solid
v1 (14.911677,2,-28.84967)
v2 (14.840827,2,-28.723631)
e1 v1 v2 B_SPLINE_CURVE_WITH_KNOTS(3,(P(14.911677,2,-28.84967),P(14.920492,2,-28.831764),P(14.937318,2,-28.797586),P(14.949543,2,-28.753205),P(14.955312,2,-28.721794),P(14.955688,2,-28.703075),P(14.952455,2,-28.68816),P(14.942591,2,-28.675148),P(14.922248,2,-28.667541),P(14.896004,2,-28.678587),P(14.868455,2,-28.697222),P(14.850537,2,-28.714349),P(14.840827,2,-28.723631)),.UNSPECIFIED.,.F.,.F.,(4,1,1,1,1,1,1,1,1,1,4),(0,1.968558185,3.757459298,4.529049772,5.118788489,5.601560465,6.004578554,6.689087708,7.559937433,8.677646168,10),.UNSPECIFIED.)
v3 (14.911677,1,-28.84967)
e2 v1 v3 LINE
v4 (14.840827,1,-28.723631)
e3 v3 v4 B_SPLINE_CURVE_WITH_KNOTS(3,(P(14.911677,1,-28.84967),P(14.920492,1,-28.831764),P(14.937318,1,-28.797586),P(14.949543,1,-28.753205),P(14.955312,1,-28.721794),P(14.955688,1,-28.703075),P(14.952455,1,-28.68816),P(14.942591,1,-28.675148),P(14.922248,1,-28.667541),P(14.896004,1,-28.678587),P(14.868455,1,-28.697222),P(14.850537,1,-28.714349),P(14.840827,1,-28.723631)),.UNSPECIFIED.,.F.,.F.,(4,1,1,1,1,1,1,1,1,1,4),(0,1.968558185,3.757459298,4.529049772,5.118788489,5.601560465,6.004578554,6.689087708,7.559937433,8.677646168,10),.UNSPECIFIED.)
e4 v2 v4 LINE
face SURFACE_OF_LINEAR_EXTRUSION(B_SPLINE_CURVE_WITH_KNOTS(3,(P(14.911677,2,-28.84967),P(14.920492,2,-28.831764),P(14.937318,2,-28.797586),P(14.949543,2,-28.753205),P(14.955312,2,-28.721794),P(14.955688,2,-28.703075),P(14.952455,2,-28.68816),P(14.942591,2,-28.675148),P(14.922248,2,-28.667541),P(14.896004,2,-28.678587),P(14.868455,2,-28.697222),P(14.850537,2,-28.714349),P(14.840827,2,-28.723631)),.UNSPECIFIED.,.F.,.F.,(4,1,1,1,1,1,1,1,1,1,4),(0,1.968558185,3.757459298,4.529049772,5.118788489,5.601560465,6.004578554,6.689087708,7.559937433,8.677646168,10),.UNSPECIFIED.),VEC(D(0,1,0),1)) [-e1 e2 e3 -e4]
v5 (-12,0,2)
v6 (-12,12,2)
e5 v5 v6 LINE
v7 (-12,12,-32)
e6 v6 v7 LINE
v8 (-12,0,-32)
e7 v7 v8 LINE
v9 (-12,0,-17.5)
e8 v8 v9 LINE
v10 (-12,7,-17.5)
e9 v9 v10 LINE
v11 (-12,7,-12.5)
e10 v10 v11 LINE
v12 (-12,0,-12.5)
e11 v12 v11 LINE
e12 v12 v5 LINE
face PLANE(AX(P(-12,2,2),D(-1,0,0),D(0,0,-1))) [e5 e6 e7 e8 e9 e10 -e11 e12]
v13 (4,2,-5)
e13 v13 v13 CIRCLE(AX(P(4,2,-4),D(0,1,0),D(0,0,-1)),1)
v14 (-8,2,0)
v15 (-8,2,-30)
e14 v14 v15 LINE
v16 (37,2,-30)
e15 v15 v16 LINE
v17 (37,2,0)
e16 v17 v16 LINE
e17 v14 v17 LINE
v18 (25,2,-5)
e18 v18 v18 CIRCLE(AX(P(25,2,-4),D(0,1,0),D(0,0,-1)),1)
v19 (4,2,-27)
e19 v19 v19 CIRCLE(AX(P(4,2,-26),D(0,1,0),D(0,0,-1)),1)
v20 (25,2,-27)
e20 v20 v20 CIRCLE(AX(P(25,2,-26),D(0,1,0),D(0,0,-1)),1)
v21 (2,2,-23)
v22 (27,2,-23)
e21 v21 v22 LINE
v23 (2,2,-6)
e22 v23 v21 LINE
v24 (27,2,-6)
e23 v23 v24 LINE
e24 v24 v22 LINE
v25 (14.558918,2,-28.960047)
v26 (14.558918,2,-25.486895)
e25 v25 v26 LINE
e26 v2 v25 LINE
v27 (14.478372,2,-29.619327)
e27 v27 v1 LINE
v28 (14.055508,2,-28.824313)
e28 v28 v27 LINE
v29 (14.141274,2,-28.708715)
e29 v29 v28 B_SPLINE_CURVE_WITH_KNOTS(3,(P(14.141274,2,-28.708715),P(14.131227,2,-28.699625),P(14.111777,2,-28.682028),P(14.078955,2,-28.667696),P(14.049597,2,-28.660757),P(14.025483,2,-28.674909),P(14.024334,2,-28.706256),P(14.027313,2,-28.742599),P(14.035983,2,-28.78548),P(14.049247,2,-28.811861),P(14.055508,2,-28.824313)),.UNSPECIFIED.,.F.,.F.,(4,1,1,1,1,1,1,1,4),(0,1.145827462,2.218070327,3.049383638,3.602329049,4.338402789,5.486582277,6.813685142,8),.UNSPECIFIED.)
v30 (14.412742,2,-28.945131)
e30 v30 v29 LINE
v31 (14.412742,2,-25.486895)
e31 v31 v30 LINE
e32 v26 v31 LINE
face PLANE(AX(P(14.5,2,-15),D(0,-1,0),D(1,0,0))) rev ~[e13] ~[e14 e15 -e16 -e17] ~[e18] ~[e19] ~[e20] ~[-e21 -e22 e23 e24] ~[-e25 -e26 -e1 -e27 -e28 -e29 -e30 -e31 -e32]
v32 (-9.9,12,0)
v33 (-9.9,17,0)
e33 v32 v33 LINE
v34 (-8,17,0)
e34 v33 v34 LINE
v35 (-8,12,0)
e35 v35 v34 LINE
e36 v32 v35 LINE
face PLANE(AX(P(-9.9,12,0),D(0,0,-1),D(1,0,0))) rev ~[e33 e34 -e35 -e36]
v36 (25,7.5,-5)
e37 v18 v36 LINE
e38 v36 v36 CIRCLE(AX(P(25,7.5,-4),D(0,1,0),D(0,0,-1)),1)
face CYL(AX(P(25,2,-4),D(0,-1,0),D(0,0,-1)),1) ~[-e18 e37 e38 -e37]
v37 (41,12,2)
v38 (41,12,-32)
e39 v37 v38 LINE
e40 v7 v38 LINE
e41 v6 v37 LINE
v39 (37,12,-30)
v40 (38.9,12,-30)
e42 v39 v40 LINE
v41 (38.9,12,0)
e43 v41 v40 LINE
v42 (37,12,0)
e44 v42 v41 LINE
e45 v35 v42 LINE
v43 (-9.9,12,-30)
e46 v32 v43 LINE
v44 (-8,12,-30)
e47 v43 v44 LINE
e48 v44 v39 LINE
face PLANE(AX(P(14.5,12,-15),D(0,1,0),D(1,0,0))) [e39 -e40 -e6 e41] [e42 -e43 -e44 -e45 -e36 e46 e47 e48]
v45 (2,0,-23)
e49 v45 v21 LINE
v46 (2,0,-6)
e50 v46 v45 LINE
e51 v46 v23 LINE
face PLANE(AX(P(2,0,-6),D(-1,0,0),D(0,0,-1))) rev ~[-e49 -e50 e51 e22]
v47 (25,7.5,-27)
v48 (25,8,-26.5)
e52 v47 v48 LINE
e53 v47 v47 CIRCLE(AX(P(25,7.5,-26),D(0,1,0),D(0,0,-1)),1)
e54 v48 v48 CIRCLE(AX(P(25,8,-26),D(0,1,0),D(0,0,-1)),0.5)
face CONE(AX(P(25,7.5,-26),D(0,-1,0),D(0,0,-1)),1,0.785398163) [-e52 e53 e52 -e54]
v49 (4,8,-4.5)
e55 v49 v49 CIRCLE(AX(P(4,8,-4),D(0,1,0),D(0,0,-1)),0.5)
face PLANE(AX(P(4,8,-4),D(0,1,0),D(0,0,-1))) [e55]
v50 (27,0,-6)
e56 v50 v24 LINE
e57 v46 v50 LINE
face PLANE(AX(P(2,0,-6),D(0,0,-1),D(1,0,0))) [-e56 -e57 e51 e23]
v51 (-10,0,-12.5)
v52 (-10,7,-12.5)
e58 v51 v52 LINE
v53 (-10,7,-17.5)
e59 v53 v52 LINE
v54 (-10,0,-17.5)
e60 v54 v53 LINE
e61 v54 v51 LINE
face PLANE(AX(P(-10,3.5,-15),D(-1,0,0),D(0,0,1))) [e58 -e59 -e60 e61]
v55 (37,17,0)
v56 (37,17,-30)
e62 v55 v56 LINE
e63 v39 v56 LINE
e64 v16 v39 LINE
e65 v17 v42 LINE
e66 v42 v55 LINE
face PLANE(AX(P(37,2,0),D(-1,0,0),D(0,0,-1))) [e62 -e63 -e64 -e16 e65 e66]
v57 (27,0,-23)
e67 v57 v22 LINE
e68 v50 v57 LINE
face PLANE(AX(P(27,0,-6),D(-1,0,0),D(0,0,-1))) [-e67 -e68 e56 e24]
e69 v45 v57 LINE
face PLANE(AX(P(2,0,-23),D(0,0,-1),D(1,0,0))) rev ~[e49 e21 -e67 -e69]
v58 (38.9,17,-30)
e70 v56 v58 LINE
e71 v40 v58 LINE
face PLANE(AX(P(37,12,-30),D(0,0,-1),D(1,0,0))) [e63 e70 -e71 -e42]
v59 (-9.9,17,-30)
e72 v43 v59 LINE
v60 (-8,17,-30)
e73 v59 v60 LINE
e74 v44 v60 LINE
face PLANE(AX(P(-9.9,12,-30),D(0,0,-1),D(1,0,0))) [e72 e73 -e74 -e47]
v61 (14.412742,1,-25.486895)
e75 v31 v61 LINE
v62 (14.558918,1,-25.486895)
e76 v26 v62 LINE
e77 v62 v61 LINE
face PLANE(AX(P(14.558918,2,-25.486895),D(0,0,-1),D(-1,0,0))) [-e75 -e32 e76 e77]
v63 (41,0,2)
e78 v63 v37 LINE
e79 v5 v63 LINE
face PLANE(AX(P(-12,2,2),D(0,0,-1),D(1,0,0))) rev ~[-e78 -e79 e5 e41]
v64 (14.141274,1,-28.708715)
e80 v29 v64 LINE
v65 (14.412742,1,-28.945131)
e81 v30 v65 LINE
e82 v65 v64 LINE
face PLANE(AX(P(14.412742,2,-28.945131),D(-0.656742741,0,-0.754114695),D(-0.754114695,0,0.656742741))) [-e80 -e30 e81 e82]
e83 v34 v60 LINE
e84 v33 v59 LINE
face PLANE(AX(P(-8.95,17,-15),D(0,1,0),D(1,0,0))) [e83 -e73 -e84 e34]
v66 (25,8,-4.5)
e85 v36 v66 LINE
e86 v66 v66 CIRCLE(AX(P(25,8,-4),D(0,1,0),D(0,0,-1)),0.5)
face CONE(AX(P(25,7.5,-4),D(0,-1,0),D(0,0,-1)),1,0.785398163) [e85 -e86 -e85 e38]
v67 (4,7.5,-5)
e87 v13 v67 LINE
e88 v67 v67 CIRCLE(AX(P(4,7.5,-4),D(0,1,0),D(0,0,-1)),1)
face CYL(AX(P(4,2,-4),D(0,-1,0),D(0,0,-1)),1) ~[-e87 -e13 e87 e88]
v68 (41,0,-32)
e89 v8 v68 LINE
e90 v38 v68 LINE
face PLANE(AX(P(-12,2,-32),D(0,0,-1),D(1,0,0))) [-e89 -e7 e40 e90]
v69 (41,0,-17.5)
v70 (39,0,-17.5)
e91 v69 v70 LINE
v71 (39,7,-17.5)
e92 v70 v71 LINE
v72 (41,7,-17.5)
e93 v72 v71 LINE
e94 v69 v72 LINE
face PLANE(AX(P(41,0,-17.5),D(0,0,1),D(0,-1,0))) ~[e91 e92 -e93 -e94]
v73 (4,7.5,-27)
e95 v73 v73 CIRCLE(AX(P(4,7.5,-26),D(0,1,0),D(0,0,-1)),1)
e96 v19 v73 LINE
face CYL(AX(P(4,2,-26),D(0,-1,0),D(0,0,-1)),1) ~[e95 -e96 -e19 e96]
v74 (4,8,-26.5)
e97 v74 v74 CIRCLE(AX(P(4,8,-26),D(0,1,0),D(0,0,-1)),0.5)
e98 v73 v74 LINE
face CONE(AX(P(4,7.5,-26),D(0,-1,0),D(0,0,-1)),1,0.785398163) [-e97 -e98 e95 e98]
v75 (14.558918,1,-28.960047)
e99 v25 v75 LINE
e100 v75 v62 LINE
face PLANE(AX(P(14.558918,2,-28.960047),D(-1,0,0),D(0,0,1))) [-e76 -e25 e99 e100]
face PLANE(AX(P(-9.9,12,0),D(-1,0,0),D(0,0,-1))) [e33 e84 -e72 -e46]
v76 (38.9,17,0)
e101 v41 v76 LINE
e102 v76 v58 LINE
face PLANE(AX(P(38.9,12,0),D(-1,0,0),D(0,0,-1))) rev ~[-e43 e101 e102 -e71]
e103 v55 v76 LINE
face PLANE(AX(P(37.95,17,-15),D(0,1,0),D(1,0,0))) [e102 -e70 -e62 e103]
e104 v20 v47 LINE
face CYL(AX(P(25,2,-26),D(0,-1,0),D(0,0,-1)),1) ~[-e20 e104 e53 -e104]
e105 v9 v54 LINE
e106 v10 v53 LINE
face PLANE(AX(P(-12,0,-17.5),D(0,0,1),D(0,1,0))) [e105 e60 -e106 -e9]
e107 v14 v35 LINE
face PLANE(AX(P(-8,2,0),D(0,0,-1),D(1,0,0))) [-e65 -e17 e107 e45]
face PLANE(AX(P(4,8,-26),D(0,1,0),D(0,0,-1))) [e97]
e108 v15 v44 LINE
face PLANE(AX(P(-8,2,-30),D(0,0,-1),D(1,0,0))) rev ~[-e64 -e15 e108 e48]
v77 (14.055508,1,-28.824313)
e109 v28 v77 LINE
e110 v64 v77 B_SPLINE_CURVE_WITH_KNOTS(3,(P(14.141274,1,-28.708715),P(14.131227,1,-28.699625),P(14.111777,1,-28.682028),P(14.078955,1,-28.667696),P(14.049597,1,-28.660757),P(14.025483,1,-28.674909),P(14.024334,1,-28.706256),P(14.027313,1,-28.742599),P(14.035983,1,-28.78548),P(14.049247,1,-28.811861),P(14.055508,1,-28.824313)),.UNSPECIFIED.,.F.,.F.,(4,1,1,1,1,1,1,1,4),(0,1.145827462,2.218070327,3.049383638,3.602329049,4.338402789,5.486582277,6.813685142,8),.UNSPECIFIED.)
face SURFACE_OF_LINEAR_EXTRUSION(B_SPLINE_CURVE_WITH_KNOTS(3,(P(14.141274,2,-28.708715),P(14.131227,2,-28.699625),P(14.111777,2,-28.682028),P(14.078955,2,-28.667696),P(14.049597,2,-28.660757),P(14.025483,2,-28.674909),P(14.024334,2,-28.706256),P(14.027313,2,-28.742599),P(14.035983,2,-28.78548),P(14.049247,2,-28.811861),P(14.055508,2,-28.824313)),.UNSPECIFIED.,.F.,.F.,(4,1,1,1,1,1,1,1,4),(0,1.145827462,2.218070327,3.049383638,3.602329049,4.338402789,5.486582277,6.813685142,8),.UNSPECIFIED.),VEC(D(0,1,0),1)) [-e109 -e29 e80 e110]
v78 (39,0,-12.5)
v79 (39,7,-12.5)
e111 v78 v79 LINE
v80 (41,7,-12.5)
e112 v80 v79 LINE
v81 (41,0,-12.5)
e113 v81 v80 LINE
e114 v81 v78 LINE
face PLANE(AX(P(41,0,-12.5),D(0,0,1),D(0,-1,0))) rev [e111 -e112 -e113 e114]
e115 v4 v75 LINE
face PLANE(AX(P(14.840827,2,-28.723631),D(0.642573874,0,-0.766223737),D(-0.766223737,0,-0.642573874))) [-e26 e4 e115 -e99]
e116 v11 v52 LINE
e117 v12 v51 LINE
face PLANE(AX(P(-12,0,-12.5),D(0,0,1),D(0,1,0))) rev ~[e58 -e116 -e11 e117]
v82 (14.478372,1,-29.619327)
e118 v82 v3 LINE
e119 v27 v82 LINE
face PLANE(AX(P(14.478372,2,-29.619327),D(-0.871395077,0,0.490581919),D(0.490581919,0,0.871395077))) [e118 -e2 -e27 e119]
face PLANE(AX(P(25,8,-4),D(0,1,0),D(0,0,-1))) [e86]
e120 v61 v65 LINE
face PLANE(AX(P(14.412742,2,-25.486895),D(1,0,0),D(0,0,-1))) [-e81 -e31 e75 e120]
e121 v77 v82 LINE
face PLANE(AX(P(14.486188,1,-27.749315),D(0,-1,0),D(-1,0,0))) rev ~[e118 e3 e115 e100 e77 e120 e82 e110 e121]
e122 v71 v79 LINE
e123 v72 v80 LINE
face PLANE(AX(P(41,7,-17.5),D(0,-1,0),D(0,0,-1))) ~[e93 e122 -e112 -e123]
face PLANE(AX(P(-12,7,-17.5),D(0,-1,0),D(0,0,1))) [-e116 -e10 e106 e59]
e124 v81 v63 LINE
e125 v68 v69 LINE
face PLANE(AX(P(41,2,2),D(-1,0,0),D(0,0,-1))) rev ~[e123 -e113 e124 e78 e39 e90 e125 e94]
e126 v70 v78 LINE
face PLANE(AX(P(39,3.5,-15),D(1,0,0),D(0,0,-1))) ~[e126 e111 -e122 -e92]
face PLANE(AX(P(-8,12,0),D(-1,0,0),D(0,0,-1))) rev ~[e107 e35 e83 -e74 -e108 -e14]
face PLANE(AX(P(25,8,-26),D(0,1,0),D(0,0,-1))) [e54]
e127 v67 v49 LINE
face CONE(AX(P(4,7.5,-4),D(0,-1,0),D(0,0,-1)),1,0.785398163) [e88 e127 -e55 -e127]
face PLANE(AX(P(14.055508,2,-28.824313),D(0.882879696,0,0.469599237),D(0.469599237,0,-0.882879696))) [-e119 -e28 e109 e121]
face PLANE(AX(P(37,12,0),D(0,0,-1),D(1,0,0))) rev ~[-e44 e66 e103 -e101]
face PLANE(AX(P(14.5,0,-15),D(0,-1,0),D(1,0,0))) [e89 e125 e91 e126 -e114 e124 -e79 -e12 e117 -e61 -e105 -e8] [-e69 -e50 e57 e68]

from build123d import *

# Parameters (mm, degrees)
SKETCH_1_W                         = 29
SKETCH_1_H                         = 30
SKETCH_1_W_2                       = 25
SKETCH_1_H_2                       = 17
EXTRUDE_1_DEPTH                    = 2
SKETCH_4_R                         = 1
EXTRUDE_2_DEPTH                    = 6
CHAMFER_1_SIZE                     = 0.5
PATTERN_LINEAR_1_COUNT             = 2
PATTERN_LINEAR_1_PITCH             = 21
PATTERN_LINEAR_1_COUNT_DIR2        = 2
PATTERN_LINEAR_1_PITCH_DIR2        = 22
CHAMFER_1_OF_PATTERN_LINEAR_1_SIZE = 0.5
SKETCH_5_W                         = 53
SKETCH_5_H                         = 34
SKETCH_5_W_2                       = 29
SKETCH_5_H_2                       = 30
EXTRUDE_3_DEPTH                    = 2
SKETCH_6_W                         = 53
SKETCH_6_H                         = 34
SKETCH_6_W_2                       = 45
SKETCH_6_H_2                       = 30
EXTRUDE_4_DEPTH                    = 10
SKETCH_7_W                         = 1.9
SKETCH_7_H                         = 30
EXTRUDE_5_DEPTH                    = 5
SKETCH_8_W                         = 5
SKETCH_8_H                         = 7
CUT_EXTRUDE_1_DEPTH                = 2
CUT_EXTRUDE_2_DEPTH                = 1


with BuildPart() as part:
    # 草图1 → 凸台-拉伸1 (new body)
    with BuildSketch(Plane(origin=(0, 0, 0), x_dir=(1, 0, 0), z_dir=(0, 1, 0))):
        with Locations((14.5, 15)):
            Rectangle(SKETCH_1_W, SKETCH_1_H)
        with Locations((14.5, 14.5)):
            Rectangle(SKETCH_1_W_2, SKETCH_1_H_2, mode=Mode.SUBTRACT)
    extrude(amount=EXTRUDE_1_DEPTH)

    # 草图4 → 凸台-拉伸2 (add)
    with BuildSketch(Plane(origin=(0, 2, 0), x_dir=(1, 0, 0), z_dir=(0, 1, 0))):
        with Locations(Location((4, 26, 0), (0, 0, 90))):
            Circle(SKETCH_4_R)
    extrude_2 = extrude(amount=EXTRUDE_2_DEPTH)

    # 倒角1
    chamfer_1_edges = [part.edges().sort_by_distance(p)[0] for p in [
        (4, 8, -25),
    ]]
    chamfer(chamfer_1_edges, length=CHAMFER_1_SIZE)

    # 阵列(线性)1: Extrude 2 2 × 2
    with Locations(*[(i * PATTERN_LINEAR_1_PITCH, 0, j * PATTERN_LINEAR_1_PITCH_DIR2) for i in range(PATTERN_LINEAR_1_COUNT) for j in range(PATTERN_LINEAR_1_COUNT_DIR2) if (i, j) != (0, 0)]):
        add(extrude_2)

    # 倒角1 of 阵列(线性)1
    chamfer_1_of_pattern_linear_1_edges = [part.edges().sort_by_distance(p)[0] for p in [
        (4, 8, -3),
        (25, 8, -25),
        (25, 8, -3),
    ]]
    chamfer(chamfer_1_of_pattern_linear_1_edges, length=CHAMFER_1_OF_PATTERN_LINEAR_1_SIZE)

    # 草图5 → 凸台-拉伸3 (add)
    with BuildSketch(Plane.XZ):
        with Locations((14.5, -15)):
            Rectangle(SKETCH_5_W, SKETCH_5_H)
        with Locations((14.5, -15)):
            Rectangle(SKETCH_5_W_2, SKETCH_5_H_2, mode=Mode.SUBTRACT)
    extrude(amount=-EXTRUDE_3_DEPTH)

    # 草图6 → 凸台-拉伸4 (add)
    with BuildSketch(Plane(origin=(0, 2, 0), x_dir=(1, 0, 0), z_dir=(0, 1, 0))):
        with Locations((14.5, 15)):
            Rectangle(SKETCH_6_W, SKETCH_6_H)
        with Locations((14.5, 15)):
            Rectangle(SKETCH_6_W_2, SKETCH_6_H_2, mode=Mode.SUBTRACT)
    extrude(amount=EXTRUDE_4_DEPTH)

    # 草图7 → 凸台-拉伸5 (add)
    with BuildSketch(Plane(origin=(0, 12, 0), x_dir=(1, 0, 0), z_dir=(0, 1, 0))):
        with Locations((-8.95, 15)):
            Rectangle(SKETCH_7_W, SKETCH_7_H)
        with Locations((37.95, 15)):
            Rectangle(SKETCH_7_W, SKETCH_7_H)
    extrude(amount=EXTRUDE_5_DEPTH)

    # 草图8 → 切除-拉伸1 (cut)
    with BuildSketch(Plane.ZY.offset(12)):
        with Locations((-15, 3.5)):
            Rectangle(SKETCH_8_W, SKETCH_8_H)
    cut_extrude_1 = extrude(amount=-CUT_EXTRUDE_1_DEPTH, mode=Mode.SUBTRACT)

    # 草图9 → 切除-拉伸2 (cut)
    with BuildSketch(Plane(origin=(0, 2, 0), x_dir=(1, 0, 0), z_dir=(0, 1, 0))):
        with BuildLine():
            Line((14.558917537, 25.486895376), (14.412742382, 25.486895376))
            Line((14.412742382, 25.486895376), (14.412742382, 28.945131046))
            Line((14.412742382, 28.945131046), (14.141274238, 28.708715108))
            add(Edge.make_bspline(
                [(14.141274238, 28.708715108), (14.131226678, 28.699624795), (14.111776808, 28.682027946), (14.078955395, 28.667696389), (14.049596625, 28.660757409), (14.025482894, 28.674909055), (14.024334353, 28.706256057), (14.027312724, 28.742599315), (14.035982745, 28.785479878), (14.049247389, 28.811861074), (14.055508204, 28.824312806)],
                knots=[0, 0, 0, 0, 1.145827462, 2.218070327, 3.049383638, 3.602329049, 4.338402789, 5.486582277, 6.813685142, 8, 8, 8, 8], degree=3))
            Line((14.055508204, 28.824312806), (14.478372043, 29.619326657))
            Line((14.478372043, 29.619326657), (14.911676966, 28.849669721))
            add(Edge.make_bspline(
                [(14.911676966, 28.849669721), (14.920492206, 28.831763899), (14.93731818, 28.7975864), (14.949542857, 28.753205391), (14.955311509, 28.721793647), (14.95568764, 28.70307516), (14.95245501, 28.688159671), (14.942591019, 28.675147665), (14.922248283, 28.667540916), (14.896003584, 28.678587323), (14.868455455, 28.697222198), (14.850537253, 28.714349218), (14.840826763, 28.72363094)],
                knots=[0, 0, 0, 0, 1.968558185, 3.757459298, 4.529049772, 5.118788489, 5.601560465, 6.004578554, 6.689087708, 7.559937433, 8.677646168, 10, 10, 10, 10], degree=3))
            Line((14.840826763, 28.72363094), (14.558917537, 28.960046878))
            Line((14.558917537, 28.960046878), (14.558917537, 25.486895376))
        make_face()
    extrude(amount=-CUT_EXTRUDE_2_DEPTH, mode=Mode.SUBTRACT)

    # 镜向1: 切除-拉伸1 across plane
    add(cut_extrude_1.mirror(Plane.ZY.offset(-14.5)), mode=Mode.SUBTRACT)


solid = part.part
